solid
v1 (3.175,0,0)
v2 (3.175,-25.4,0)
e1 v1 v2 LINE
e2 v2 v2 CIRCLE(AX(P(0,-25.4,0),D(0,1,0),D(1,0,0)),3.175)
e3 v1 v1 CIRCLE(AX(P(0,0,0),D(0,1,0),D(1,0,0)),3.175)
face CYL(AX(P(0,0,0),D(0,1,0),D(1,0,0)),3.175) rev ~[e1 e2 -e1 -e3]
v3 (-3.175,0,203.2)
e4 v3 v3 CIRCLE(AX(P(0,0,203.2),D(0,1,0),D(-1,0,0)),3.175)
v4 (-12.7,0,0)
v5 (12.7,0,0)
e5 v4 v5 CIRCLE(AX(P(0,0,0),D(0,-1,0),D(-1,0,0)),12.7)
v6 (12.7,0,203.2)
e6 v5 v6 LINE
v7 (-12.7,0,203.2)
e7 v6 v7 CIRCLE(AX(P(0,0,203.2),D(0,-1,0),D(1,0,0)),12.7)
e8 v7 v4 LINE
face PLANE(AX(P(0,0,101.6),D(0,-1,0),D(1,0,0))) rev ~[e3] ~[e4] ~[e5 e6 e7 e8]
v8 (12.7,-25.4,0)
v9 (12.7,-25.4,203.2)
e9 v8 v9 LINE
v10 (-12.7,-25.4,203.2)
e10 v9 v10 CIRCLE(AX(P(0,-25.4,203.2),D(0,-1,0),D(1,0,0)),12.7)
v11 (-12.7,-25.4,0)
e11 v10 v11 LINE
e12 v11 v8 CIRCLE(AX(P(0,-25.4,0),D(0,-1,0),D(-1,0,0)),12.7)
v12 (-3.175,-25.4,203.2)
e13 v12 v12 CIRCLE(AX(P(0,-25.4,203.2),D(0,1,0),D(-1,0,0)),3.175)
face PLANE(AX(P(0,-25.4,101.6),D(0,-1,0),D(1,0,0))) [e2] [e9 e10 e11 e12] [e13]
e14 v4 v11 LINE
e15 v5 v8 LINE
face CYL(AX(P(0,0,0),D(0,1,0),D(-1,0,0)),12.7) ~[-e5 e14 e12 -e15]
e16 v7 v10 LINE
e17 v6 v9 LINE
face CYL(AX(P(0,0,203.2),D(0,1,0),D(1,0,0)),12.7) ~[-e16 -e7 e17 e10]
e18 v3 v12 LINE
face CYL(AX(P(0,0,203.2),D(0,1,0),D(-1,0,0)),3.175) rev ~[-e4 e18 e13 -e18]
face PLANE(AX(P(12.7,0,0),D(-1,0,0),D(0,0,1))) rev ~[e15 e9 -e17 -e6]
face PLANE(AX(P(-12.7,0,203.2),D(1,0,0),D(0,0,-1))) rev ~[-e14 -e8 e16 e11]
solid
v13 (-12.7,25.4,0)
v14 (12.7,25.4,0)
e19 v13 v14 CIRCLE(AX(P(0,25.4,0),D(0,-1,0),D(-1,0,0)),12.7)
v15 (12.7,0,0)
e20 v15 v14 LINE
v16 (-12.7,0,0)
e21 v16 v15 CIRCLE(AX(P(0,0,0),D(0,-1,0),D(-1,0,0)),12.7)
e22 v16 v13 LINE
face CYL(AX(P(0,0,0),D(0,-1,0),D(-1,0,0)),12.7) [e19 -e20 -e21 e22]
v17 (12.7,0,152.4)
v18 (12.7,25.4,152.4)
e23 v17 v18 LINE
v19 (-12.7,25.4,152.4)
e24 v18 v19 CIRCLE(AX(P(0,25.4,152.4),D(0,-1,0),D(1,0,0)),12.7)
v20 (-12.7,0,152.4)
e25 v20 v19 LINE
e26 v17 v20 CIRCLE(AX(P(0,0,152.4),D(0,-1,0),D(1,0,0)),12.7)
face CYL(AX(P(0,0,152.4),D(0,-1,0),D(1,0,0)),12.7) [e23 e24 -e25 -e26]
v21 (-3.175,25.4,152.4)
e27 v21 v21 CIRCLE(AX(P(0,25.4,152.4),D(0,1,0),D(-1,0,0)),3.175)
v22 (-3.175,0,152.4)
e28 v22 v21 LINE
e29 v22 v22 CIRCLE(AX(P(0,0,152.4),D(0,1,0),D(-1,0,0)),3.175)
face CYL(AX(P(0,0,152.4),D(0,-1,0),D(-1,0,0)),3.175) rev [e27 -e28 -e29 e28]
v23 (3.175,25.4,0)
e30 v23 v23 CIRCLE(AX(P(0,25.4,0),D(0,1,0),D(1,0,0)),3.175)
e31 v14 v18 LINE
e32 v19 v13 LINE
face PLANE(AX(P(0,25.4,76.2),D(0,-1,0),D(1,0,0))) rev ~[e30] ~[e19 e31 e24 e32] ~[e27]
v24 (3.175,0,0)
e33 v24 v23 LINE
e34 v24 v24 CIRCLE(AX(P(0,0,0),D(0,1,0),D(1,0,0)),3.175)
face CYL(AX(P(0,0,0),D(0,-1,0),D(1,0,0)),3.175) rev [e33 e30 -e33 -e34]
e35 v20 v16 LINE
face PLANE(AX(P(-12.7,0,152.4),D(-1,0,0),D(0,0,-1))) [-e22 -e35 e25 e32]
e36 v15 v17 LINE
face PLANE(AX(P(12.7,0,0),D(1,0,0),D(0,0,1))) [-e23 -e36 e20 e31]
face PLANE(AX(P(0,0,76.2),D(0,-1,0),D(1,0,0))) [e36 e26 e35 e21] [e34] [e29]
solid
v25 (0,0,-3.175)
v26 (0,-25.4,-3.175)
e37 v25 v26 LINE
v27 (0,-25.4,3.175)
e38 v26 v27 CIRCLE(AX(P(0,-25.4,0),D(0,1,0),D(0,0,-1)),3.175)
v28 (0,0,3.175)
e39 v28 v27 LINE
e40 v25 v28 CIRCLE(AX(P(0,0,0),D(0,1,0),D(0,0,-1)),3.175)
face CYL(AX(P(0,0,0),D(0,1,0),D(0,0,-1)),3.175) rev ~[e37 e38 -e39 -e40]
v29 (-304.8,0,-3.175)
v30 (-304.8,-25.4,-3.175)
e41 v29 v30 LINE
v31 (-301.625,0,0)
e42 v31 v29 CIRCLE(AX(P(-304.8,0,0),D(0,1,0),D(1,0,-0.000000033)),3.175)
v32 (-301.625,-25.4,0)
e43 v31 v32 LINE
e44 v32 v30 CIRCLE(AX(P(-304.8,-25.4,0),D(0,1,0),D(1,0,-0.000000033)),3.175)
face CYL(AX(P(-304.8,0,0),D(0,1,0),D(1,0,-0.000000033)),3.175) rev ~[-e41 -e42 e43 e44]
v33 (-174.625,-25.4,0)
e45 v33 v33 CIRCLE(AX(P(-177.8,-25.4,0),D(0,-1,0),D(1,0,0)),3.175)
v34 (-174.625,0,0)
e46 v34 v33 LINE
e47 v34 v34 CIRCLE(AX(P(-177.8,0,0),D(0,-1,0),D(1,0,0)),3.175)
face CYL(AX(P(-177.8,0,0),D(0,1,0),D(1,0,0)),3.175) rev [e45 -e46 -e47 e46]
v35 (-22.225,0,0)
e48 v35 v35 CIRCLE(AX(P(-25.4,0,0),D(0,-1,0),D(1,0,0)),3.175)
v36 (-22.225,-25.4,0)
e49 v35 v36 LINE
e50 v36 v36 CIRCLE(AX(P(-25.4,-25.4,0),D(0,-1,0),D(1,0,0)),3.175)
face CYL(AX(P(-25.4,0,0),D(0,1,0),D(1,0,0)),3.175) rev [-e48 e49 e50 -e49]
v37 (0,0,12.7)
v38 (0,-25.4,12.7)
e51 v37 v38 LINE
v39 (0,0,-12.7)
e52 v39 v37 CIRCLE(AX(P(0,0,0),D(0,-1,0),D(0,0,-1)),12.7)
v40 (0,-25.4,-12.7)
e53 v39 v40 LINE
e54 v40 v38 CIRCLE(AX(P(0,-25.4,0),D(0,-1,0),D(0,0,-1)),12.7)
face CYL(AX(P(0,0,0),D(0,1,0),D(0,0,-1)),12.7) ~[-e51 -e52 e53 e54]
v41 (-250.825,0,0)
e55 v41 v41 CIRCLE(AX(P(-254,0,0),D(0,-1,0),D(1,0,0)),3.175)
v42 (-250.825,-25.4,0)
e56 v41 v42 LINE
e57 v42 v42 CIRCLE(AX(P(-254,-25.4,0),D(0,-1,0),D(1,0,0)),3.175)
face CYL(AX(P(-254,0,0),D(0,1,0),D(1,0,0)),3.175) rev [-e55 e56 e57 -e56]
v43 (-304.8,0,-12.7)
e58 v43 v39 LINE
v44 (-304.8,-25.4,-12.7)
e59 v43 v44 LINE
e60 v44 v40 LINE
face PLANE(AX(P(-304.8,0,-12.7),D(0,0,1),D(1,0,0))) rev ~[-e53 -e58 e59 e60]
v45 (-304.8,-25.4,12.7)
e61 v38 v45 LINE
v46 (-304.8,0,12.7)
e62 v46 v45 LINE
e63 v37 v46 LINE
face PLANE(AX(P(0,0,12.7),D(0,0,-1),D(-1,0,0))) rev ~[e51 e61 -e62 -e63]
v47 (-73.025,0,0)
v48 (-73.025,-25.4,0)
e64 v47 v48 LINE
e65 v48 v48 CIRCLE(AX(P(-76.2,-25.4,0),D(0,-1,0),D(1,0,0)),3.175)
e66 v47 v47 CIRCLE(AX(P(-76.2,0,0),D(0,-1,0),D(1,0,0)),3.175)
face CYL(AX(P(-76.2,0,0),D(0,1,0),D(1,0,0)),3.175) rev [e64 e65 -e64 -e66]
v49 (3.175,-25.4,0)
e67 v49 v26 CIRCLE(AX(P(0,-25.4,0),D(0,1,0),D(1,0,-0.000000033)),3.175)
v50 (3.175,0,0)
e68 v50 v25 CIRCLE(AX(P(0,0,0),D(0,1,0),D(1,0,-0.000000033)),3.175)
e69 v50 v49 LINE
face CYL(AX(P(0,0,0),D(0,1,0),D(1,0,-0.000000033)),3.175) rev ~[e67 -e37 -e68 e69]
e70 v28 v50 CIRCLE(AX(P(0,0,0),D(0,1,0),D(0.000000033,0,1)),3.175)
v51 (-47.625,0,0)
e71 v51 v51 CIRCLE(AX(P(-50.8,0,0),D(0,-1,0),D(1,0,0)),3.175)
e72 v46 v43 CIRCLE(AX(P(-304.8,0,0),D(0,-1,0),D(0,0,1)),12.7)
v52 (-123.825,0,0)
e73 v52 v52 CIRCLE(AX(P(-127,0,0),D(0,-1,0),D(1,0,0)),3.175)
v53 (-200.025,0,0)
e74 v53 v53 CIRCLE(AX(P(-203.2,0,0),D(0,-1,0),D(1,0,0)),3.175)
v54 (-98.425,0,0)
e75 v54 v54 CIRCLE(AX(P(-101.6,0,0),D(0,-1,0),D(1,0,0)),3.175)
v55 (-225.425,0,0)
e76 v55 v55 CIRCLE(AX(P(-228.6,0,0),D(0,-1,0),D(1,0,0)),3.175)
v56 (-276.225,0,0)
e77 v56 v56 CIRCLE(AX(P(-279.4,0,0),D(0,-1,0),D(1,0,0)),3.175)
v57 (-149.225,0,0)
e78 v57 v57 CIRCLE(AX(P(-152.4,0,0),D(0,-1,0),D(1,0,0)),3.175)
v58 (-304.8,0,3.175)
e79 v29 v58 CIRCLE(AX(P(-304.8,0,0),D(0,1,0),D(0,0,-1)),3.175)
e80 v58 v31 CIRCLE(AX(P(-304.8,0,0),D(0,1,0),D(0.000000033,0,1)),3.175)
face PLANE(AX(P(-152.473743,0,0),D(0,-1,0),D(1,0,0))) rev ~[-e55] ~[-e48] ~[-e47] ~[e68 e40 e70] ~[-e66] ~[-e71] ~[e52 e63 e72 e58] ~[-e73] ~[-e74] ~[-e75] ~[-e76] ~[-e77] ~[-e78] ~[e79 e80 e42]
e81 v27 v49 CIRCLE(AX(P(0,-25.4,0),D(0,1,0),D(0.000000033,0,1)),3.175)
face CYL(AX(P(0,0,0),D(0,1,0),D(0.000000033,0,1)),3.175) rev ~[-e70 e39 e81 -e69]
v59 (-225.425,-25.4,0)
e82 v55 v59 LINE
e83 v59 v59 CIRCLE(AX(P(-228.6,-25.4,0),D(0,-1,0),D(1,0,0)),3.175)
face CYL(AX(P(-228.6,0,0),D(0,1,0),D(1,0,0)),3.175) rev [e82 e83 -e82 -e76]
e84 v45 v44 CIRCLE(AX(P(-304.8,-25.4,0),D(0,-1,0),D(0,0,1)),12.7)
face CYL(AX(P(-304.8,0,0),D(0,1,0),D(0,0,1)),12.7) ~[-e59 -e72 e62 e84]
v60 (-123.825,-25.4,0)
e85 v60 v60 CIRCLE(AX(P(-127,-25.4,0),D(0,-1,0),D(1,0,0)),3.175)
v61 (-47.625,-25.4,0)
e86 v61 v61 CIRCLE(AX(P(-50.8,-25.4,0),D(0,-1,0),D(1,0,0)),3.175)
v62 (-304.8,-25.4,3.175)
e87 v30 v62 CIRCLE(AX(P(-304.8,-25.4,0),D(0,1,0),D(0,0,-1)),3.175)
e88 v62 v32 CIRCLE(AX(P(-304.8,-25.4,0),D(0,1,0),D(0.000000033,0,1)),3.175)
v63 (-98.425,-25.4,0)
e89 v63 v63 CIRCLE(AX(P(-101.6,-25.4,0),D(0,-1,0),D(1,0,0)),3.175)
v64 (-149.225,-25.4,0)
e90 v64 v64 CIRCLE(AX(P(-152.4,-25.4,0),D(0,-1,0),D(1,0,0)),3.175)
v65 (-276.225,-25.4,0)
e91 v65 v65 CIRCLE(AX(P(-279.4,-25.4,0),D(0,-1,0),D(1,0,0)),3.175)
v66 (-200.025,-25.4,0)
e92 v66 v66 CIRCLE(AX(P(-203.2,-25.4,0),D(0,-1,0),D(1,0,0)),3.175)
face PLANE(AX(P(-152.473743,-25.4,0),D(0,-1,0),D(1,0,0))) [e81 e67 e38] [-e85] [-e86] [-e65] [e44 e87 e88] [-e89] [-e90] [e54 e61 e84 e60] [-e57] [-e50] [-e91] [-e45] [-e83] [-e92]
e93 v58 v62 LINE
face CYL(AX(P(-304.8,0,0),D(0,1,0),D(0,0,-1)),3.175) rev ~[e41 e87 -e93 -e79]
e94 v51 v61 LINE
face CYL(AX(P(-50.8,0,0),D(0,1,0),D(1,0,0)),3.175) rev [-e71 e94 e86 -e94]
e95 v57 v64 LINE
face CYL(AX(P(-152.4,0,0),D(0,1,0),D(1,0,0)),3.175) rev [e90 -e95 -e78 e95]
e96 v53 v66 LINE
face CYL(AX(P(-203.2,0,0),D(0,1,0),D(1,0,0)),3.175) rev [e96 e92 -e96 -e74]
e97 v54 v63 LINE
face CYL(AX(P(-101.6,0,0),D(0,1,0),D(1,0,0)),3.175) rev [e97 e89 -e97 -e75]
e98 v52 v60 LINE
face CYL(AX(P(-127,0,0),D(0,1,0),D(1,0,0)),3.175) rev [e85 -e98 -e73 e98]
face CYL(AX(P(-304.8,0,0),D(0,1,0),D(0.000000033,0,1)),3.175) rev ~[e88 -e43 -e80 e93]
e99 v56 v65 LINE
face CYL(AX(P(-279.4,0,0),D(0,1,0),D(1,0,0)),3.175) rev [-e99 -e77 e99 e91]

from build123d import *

# Parameters (mm, degrees)
F1_DEPTH = 25.4
F3_DEPTH = 25.4
F4_R     = 3.175
F5_DEPTH = 25.4


with BuildPart() as f1:
    # F0 (on Front) → F1 (new body)
    with BuildSketch(Plane.XZ):
        with BuildLine():
            ThreePointArc((-3.175, 0), (0, 3.175), (3.175, 0))
            Line((3.175, 0), (12.7, 0))
            Line((12.7, 0), (12.7, 203.2))
            Line((12.7, 203.2), (3.175, 203.2))
            ThreePointArc((3.175, 203.2), (0, 200.025), (-3.175, 203.2))
            Line((-3.175, 203.2), (-12.7, 203.2))
            Line((-12.7, 203.2), (-12.7, 0))
            Line((-12.7, 0), (-3.175, 0))
        make_face()
        with BuildLine():
            Line((12.7, 0), (3.175, 0))
            ThreePointArc((3.175, 0), (0, -3.175), (-3.175, 0))
            Line((-3.175, 0), (-12.7, 0))
            ThreePointArc((-12.7, 0), (0, -12.7), (12.7, 0))
        make_face()
        with BuildLine():
            Line((3.175, 203.2), (12.7, 203.2))
            ThreePointArc((12.7, 203.2), (0, 215.9), (-12.7, 203.2))
            Line((-12.7, 203.2), (-3.175, 203.2))
            ThreePointArc((-3.175, 203.2), (0, 206.375), (3.175, 203.2))
        make_face()
    extrude(amount=F1_DEPTH)


with BuildPart() as f3:
    # F2 (on Front) → F3 (new body)
    with BuildSketch(Plane.XZ):
        with BuildLine():
            ThreePointArc((-3.175, 0), (0, 3.175), (3.175, 0))
            Line((3.175, 0), (12.7, 0))
            Line((12.7, 0), (12.7, 152.4))
            Line((12.7, 152.4), (3.175, 152.4))
            ThreePointArc((3.175, 152.4), (0, 149.225), (-3.175, 152.4))
            Line((-3.175, 152.4), (-12.7, 152.4))
            Line((-12.7, 152.4), (-12.7, 0))
            Line((-12.7, 0), (-3.175, 0))
        make_face()
        with BuildLine():
            Line((12.7, 0), (3.175, 0))
            ThreePointArc((3.175, 0), (0, -3.175), (-3.175, 0))
            Line((-3.175, 0), (-12.7, 0))
            ThreePointArc((-12.7, 0), (0, -12.7), (12.7, 0))
        make_face()
        with BuildLine():
            Line((3.175, 152.4), (12.7, 152.4))
            ThreePointArc((12.7, 152.4), (0, 165.1), (-12.7, 152.4))
            Line((-12.7, 152.4), (-3.175, 152.4))
            ThreePointArc((-3.175, 152.4), (0, 155.575), (3.175, 152.4))
        make_face()
    extrude(amount=-F3_DEPTH)


with BuildPart() as f5:
    # F4 (on Front) → F5 (new body)
    with BuildSketch(Plane.XZ):
        with BuildLine():
            Line((0, 3.175), (0, 12.7))
            Line((0, 12.7), (-304.8, 12.7))
            Line((-304.8, 12.7), (-304.8, 3.175))
            ThreePointArc((-304.8, 3.175), (-302.554936, 2.245064), (-301.625, 0))
            ThreePointArc((-301.625, 0), (-302.554936, -2.245064), (-304.8, -3.175))
            Line((-304.8, -3.175), (-304.8, -12.7))
            Line((-304.8, -12.7), (0, -12.7))
            Line((0, -12.7), (0, -3.175))
            ThreePointArc((0, -3.175), (-3.175, 0), (0, 3.175))
        make_face()
        with Locations((-279.4, 0)):
            Circle(F4_R, mode=Mode.SUBTRACT)
        with Locations((-254, 0)):
            Circle(F4_R, mode=Mode.SUBTRACT)
        with Locations((-228.6, 0)):
            Circle(F4_R, mode=Mode.SUBTRACT)
        with Locations((-203.2, 0)):
            Circle(F4_R, mode=Mode.SUBTRACT)
        with Locations((-177.8, 0)):
            Circle(F4_R, mode=Mode.SUBTRACT)
        with Locations((-152.4, 0)):
            Circle(F4_R, mode=Mode.SUBTRACT)
        with Locations((-127, 0)):
            Circle(F4_R, mode=Mode.SUBTRACT)
        with Locations((-101.6, 0)):
            Circle(F4_R, mode=Mode.SUBTRACT)
        with Locations((-76.2, 0)):
            Circle(F4_R, mode=Mode.SUBTRACT)
        with Locations((-50.8, 0)):
            Circle(F4_R, mode=Mode.SUBTRACT)
        with Locations((-25.4, 0)):
            Circle(F4_R, mode=Mode.SUBTRACT)
        with BuildLine():
            ThreePointArc((0, -12.7), (12.7, 0), (0, 12.7))
            Line((0, 12.7), (0, 3.175))
            ThreePointArc((0, 3.175), (2.245064, 2.245064), (3.175, 0))
            ThreePointArc((3.175, 0), (2.245064, -2.245064), (0, -3.175))
            Line((0, -3.175), (0, -12.7))
        make_face()
        with BuildLine():
            Line((-304.8, 3.175), (-304.8, 12.7))
            ThreePointArc((-304.8, 12.7), (-317.5, 0), (-304.8, -12.7))
            Line((-304.8, -12.7), (-304.8, -3.175))
            ThreePointArc((-304.8, -3.175), (-307.975, 0), (-304.8, 3.175))
        make_face()
    extrude(amount=F5_DEPTH)


solid = Compound([f1.part, f3.part, f5.part])
